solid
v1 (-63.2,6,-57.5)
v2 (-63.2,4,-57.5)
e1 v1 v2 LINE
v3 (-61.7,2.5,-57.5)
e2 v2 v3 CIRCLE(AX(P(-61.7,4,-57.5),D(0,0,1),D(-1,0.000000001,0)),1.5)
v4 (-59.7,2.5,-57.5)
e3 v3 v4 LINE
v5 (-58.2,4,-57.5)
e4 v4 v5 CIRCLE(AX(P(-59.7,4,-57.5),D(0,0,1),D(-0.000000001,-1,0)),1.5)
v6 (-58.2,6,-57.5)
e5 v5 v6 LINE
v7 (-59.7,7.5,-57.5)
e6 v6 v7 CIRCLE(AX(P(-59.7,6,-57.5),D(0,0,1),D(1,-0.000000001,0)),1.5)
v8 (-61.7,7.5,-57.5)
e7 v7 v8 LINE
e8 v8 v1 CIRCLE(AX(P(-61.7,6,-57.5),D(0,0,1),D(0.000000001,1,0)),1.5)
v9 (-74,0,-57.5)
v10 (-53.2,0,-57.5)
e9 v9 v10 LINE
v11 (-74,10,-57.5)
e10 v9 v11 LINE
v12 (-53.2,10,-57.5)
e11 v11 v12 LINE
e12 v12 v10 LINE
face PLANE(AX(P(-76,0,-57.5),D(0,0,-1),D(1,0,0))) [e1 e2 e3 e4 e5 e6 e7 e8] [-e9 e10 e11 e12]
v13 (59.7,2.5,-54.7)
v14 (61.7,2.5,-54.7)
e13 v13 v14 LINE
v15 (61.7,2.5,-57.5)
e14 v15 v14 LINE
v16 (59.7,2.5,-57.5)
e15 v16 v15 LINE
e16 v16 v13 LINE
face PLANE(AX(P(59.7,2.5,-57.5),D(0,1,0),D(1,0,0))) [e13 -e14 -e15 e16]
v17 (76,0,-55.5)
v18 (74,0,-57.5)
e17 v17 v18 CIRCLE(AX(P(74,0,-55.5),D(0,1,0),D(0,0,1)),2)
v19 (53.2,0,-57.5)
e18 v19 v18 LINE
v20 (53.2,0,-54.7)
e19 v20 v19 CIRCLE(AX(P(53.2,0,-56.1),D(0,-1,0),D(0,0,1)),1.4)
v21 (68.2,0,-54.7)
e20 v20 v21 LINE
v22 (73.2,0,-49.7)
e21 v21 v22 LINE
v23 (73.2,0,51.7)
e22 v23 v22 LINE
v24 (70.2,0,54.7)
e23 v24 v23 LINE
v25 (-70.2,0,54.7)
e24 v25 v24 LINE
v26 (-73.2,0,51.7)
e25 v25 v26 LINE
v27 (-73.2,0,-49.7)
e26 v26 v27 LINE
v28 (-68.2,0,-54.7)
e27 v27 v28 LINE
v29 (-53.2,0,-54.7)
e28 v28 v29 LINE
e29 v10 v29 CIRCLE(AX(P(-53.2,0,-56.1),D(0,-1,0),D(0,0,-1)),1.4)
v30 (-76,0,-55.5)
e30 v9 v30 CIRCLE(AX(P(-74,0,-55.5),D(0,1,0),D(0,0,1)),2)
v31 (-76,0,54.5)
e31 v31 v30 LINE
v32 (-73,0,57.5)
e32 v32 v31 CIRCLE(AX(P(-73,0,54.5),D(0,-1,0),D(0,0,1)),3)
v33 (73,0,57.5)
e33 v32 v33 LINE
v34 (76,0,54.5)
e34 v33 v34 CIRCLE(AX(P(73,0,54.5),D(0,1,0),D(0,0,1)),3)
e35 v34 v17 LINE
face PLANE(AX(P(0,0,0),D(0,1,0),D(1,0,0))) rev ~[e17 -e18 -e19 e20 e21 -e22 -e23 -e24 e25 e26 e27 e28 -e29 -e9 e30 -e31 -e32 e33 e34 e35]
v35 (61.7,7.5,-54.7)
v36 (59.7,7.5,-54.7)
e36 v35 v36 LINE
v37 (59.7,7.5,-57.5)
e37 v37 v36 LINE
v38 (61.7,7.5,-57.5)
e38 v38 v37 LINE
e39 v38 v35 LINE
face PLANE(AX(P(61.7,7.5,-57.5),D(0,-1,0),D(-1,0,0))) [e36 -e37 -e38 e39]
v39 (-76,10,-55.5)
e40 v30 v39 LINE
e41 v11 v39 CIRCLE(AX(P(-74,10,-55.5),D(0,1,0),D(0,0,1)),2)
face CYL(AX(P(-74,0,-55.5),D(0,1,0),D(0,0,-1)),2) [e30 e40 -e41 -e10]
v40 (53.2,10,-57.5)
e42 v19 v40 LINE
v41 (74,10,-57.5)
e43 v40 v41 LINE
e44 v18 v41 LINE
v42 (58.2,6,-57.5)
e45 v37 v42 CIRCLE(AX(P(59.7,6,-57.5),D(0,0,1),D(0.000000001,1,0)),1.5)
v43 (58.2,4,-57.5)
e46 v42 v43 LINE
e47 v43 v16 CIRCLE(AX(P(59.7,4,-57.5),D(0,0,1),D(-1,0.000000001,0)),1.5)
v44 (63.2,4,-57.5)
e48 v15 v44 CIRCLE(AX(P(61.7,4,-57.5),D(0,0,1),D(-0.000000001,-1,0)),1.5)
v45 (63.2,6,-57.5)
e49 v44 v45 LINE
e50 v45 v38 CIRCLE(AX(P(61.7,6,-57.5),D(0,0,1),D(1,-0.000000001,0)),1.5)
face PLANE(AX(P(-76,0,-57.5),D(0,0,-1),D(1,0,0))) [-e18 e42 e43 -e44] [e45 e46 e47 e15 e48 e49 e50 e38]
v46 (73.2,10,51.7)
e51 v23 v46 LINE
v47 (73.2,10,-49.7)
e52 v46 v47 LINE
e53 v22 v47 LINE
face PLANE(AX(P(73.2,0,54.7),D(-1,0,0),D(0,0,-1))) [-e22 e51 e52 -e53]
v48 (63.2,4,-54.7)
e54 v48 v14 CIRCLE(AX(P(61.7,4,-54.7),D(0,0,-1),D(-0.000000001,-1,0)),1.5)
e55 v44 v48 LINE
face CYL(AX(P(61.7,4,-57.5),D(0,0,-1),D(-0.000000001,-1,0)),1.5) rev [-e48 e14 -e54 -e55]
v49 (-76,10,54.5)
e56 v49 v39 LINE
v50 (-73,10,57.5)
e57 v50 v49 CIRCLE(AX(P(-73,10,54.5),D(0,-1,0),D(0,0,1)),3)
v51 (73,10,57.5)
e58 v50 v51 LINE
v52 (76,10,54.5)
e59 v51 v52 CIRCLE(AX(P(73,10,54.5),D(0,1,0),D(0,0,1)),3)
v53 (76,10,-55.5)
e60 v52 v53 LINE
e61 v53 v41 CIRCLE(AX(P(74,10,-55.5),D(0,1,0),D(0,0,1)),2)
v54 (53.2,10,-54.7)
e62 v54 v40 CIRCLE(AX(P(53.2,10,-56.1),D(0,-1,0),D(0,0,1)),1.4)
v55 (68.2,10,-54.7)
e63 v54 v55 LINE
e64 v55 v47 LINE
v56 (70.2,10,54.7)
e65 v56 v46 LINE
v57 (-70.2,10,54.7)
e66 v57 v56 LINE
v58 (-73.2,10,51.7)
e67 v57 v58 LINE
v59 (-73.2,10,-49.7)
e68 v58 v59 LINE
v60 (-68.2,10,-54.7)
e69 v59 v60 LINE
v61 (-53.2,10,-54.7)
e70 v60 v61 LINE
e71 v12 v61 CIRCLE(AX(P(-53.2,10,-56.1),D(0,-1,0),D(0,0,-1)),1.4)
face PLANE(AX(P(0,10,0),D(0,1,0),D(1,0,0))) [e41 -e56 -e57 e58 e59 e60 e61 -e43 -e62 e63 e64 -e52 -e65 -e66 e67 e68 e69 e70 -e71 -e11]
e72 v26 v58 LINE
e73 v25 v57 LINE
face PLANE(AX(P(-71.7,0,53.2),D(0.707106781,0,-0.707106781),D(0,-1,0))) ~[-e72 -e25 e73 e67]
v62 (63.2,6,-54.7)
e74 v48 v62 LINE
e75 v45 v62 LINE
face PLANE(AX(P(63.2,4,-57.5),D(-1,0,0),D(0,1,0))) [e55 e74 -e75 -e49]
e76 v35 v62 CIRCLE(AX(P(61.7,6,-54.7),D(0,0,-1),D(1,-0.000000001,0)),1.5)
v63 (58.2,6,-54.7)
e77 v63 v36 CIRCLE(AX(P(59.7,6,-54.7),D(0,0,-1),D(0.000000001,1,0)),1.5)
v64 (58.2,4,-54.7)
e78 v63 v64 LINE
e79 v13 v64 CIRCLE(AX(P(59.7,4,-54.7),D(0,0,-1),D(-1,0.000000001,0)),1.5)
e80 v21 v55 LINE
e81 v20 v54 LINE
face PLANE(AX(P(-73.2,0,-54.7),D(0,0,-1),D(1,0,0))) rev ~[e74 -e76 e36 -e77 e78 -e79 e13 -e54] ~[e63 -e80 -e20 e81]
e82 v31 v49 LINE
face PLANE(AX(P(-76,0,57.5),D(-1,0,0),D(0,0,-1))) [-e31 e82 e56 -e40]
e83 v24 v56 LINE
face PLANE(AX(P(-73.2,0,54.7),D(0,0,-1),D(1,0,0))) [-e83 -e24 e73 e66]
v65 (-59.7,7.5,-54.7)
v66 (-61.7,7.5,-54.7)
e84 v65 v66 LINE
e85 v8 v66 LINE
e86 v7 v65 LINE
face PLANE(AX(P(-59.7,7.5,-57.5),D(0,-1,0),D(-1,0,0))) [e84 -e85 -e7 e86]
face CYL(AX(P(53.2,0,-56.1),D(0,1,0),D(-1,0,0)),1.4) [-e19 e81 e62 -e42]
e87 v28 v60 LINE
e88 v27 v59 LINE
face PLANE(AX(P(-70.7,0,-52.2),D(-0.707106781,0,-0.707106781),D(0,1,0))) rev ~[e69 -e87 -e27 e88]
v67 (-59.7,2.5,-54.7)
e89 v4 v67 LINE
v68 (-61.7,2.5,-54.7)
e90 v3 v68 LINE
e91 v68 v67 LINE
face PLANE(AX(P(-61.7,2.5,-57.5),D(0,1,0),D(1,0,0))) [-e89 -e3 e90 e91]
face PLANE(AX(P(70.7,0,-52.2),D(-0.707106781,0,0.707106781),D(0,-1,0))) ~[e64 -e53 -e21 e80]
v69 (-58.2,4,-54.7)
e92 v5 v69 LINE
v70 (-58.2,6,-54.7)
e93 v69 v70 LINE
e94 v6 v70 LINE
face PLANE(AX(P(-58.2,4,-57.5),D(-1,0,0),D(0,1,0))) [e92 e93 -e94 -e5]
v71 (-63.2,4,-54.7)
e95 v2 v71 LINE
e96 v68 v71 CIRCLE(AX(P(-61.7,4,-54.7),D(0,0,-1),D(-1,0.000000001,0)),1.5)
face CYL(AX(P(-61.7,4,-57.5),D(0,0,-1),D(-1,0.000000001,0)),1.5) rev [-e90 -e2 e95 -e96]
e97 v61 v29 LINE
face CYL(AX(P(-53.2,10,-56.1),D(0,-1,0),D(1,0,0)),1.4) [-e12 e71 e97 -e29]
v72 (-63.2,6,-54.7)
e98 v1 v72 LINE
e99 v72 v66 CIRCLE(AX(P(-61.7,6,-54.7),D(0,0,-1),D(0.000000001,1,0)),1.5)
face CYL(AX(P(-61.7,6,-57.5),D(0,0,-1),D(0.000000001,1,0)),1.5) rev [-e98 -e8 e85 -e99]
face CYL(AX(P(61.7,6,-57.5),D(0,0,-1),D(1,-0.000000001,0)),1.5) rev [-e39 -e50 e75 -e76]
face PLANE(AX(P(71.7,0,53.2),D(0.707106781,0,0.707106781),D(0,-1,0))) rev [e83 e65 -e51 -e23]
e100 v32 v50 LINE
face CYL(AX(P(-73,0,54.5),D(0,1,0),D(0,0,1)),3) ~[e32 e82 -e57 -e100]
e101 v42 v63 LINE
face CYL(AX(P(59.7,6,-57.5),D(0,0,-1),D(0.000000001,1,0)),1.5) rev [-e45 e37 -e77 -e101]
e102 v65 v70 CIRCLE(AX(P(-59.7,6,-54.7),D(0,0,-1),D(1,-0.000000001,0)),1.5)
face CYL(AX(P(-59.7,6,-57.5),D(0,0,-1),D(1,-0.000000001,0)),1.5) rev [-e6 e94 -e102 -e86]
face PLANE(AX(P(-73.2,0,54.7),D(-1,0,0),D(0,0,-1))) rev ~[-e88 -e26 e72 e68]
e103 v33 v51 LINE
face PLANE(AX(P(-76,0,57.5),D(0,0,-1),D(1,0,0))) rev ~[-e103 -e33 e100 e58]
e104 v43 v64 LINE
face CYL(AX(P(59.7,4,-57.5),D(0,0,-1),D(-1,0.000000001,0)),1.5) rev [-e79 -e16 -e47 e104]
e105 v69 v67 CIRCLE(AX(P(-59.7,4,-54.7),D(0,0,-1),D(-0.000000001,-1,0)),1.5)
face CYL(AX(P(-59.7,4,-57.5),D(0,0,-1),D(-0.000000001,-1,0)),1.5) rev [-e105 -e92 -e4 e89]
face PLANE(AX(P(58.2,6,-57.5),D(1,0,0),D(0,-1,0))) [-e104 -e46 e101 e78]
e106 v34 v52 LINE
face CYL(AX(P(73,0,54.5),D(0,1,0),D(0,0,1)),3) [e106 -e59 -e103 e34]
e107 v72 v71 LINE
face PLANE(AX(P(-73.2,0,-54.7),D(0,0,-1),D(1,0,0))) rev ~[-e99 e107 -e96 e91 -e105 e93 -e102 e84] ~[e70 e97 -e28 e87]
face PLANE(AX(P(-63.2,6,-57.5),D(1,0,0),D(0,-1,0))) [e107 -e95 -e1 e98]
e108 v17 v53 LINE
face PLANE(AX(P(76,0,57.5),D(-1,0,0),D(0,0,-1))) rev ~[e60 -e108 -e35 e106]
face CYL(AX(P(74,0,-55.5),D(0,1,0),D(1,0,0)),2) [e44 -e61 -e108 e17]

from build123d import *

# Parameters (mm, degrees)
ESBO_O1_W      = 152
ESBO_O1_H      = 115
ESBO_O1_W_2    = 146.4
ESBO_O1_H_2    = 109.4
PAREDES_DEPTH  = 10
FILETE1_R      = 3
FILETE2_R      = 3
FILETE3_R      = 2
FILETE4_R      = 2
CHANFRO1_SIZE  = 3
CHANFRO2_SIZE  = 3
CHANFRO3_SIZE  = 5
CHANFRO4_SIZE  = 5
ESBO_O3_W      = 103.6
ESBO_O3_H      = 10
CORTES_DEPTH   = 10
FILETE7_RADIUS = 1.4
FILETE7_LENGTH = 10
FILETE8_RADIUS = 1.4
FILETE8_LENGTH = 10


with BuildPart() as part:
    # Esboço1 → Paredes (new body)
    with BuildSketch(Plane(origin=(0, 0, 0), x_dir=(1, 0, 0), z_dir=(0, 1, 0))):
        Rectangle(ESBO_O1_W, ESBO_O1_H)
        Rectangle(ESBO_O1_W_2, ESBO_O1_H_2, mode=Mode.SUBTRACT)
    extrude(amount=PAREDES_DEPTH)

    # Filete1
    filete1_edges = [part.edges().sort_by_distance(p)[0] for p in [
        (76, 5, 57.5),
    ]]
    fillet(filete1_edges, radius=FILETE1_R)

    # Filete2
    filete2_edges = [part.edges().sort_by_distance(p)[0] for p in [
        (-76, 5, 57.5),
    ]]
    fillet(filete2_edges, radius=FILETE2_R)

    # Filete3
    filete3_edges = [part.edges().sort_by_distance(p)[0] for p in [
        (76, 5, -57.5),
    ]]
    fillet(filete3_edges, radius=FILETE3_R)

    # Filete4
    filete4_edges = [part.edges().sort_by_distance(p)[0] for p in [
        (-76, 5, -57.5),
    ]]
    fillet(filete4_edges, radius=FILETE4_R)

    # Chanfro1
    chanfro1_edges = [part.edges().sort_by_distance(p)[0] for p in [
        (73.2, 5, 54.7),
    ]]
    chamfer(chanfro1_edges, length=CHANFRO1_SIZE)

    # Chanfro2
    chanfro2_edges = [part.edges().sort_by_distance(p)[0] for p in [
        (-73.2, 5, 54.7),
    ]]
    chamfer(chanfro2_edges, length=CHANFRO2_SIZE)

    # Chanfro3
    chanfro3_edges = [part.edges().sort_by_distance(p)[0] for p in [
        (-73.2, 5, -54.7),
    ]]
    chamfer(chanfro3_edges, length=CHANFRO3_SIZE)

    # Chanfro4
    chanfro4_edges = [part.edges().sort_by_distance(p)[0] for p in [
        (73.2, 5, -54.7),
    ]]
    chamfer(chanfro4_edges, length=CHANFRO4_SIZE)

    # Esboço3 → Cortes (cut)
    with BuildSketch(Plane(origin=(0, 0, -57.5), x_dir=(-1, 0, 0), z_dir=(0, 0, -1))):
        with BuildLine():
            Line((63.2, 6), (63.2, 4))
            ThreePointArc((63.2, 4), (62.760660172, 2.939339828), (61.7, 2.5))
            Line((61.7, 2.5), (59.7, 2.5))
            ThreePointArc((59.7, 2.5), (58.639339828, 2.939339828), (58.2, 4))
            Line((58.2, 4), (58.2, 6))
            ThreePointArc((58.2, 6), (58.639339828, 7.060660172), (59.7, 7.5))
            Line((59.7, 7.5), (61.7, 7.5))
            ThreePointArc((61.7, 7.5), (62.760660172, 7.060660172), (63.2, 6))
        make_face()
        with BuildLine():
            Line((-61.7, 7.5), (-59.7, 7.5))
            ThreePointArc((-59.7, 7.5), (-58.639339828, 7.060660172), (-58.2, 6))
            Line((-58.2, 6), (-58.2, 4))
            ThreePointArc((-58.2, 4), (-58.639339828, 2.939339828), (-59.7, 2.5))
            Line((-59.7, 2.5), (-61.7, 2.5))
            ThreePointArc((-61.7, 2.5), (-62.760660172, 2.939339828), (-63.2, 4))
            Line((-63.2, 4), (-63.2, 6))
            ThreePointArc((-63.2, 6), (-62.760660172, 7.060660172), (-61.7, 7.5))
        make_face()
        with Locations((0, 5)):
            Rectangle(ESBO_O3_W, ESBO_O3_H)
    extrude(amount=-CORTES_DEPTH, mode=Mode.SUBTRACT)

    # Filete7: full round fillet: the end face becomes a half cylinder, R = half its width
    filete7_face = Plane((51.8, 5, -56.1), x_dir=(0, 1, 0), z_dir=(-1, 0, 0))  # on the end face: x along it, z out of the body
    filete7_slab = filete7_face.offset(-FILETE7_RADIUS / 2) * Box(FILETE7_LENGTH, 2 * FILETE7_RADIUS, FILETE7_RADIUS, mode=Mode.PRIVATE)  # the body's end, R deep
    filete7_round = Plane((53.2, 5, -56.1), x_dir=(-1, 0, 0), z_dir=(0, 1, 0)) * Cylinder(FILETE7_RADIUS, FILETE7_LENGTH, mode=Mode.PRIVATE)  # its axis R under the face
    add(filete7_slab - filete7_round, mode=Mode.SUBTRACT)

    # Filete8: full round fillet: the end face becomes a half cylinder, R = half its width
    filete8_face = Plane((-51.8, 5, -56.1), x_dir=(0, -1, 0), z_dir=(1, 0, 0))  # on the end face: x along it, z out of the body
    filete8_slab = filete8_face.offset(-FILETE8_RADIUS / 2) * Box(FILETE8_LENGTH, 2 * FILETE8_RADIUS, FILETE8_RADIUS, mode=Mode.PRIVATE)  # the body's end, R deep
    filete8_round = Plane((-53.2, 5, -56.1), x_dir=(1, 0, 0), z_dir=(0, -1, 0)) * Cylinder(FILETE8_RADIUS, FILETE8_LENGTH, mode=Mode.PRIVATE)  # its axis R under the face
    add(filete8_slab - filete8_round, mode=Mode.SUBTRACT)


solid = part.part
